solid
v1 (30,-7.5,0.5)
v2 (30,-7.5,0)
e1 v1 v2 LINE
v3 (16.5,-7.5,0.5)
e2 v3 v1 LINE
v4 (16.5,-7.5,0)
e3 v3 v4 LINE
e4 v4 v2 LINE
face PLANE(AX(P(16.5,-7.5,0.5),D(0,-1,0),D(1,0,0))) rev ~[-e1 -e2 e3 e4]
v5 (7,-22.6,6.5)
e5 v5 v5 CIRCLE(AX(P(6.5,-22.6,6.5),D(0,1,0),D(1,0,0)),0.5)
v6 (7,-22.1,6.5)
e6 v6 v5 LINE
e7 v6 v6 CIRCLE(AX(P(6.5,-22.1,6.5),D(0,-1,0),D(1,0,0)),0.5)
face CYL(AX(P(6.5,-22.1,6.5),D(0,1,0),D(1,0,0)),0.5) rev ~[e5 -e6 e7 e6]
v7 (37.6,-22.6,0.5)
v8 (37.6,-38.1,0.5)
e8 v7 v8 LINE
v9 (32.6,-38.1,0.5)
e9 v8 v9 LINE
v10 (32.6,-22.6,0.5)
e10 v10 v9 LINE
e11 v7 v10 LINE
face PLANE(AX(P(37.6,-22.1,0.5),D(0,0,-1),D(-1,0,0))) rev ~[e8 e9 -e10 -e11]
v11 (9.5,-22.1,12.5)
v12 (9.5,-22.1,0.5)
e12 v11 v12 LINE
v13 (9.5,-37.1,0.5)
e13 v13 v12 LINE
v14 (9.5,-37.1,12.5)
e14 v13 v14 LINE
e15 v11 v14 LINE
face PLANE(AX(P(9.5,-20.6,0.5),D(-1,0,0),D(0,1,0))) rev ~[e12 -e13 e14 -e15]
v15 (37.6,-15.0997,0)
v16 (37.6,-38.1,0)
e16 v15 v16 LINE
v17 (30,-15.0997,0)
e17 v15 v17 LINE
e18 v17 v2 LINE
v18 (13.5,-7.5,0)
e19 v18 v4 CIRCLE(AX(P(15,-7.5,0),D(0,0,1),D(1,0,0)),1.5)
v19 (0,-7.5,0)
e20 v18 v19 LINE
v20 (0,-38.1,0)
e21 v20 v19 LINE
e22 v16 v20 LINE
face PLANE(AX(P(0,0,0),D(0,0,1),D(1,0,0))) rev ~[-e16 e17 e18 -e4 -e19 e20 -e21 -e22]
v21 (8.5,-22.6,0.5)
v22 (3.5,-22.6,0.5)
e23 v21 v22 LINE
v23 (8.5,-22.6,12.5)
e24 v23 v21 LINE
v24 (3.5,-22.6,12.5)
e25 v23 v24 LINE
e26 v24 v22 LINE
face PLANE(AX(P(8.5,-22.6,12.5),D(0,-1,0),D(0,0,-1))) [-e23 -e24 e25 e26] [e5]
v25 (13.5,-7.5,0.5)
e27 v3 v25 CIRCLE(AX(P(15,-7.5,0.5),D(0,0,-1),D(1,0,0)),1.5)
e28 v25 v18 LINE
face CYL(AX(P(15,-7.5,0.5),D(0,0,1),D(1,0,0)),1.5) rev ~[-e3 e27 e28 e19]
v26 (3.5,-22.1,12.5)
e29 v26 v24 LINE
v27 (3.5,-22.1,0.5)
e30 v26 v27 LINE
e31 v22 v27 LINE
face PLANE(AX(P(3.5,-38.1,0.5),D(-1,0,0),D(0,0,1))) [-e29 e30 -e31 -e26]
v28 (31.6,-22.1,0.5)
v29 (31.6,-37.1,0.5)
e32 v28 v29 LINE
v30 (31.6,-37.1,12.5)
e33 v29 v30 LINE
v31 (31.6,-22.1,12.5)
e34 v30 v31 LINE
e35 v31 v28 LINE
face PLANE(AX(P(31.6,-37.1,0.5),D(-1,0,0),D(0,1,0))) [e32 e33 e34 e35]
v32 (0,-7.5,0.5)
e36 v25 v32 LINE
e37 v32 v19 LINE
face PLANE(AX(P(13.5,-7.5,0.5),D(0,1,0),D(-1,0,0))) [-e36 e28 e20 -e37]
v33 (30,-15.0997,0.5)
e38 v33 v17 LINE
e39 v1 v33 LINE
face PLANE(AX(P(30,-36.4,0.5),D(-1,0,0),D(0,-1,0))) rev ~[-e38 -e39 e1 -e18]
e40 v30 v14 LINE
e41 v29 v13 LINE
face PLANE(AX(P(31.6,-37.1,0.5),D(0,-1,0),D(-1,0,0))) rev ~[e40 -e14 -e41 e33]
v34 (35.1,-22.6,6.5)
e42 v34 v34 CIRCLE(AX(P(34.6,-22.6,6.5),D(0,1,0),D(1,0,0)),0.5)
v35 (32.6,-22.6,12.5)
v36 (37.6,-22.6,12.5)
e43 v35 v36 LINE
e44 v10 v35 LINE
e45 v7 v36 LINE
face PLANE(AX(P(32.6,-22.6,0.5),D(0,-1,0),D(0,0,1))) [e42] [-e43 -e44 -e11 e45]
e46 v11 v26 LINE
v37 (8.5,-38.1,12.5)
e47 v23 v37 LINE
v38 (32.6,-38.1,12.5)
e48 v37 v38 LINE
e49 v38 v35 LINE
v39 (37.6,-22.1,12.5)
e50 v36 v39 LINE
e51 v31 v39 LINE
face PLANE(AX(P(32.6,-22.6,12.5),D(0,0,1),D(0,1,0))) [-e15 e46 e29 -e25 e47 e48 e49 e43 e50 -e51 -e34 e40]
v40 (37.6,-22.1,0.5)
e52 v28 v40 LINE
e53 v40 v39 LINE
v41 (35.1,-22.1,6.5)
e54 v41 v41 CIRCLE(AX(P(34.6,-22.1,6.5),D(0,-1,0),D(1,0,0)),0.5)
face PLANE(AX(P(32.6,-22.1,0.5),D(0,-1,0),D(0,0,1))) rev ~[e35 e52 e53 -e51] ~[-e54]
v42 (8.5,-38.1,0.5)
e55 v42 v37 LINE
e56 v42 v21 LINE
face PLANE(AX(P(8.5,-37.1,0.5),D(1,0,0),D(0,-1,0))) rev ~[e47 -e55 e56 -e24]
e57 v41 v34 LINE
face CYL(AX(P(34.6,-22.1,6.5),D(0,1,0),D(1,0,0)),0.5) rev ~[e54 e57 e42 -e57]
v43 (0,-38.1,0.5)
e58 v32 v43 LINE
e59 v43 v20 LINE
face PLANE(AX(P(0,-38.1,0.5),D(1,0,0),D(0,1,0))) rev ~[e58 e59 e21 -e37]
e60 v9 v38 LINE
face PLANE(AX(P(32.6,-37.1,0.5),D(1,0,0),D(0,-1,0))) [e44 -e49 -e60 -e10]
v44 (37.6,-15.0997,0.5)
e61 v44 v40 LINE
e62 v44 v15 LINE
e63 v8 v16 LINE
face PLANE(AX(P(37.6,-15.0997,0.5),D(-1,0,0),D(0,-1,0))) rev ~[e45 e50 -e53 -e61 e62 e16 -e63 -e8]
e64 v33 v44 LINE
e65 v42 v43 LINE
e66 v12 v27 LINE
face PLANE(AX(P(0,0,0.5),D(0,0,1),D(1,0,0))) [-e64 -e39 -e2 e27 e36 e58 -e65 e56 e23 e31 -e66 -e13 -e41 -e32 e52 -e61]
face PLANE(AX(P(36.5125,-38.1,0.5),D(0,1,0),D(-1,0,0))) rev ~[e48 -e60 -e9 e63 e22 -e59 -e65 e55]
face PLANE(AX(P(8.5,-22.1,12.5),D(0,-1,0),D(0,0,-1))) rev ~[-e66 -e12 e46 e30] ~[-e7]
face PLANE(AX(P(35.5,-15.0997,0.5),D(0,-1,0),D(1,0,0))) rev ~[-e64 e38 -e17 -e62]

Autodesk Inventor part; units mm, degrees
ref_plane "YZ Plane" through (0, 0, 0) normal (1, 0, 0) x (0, 1, 0)
ref_plane "XZ Plane" through (0, 0, 0) normal (0, 1, 0) x (-1, 0, 0)
ref_plane "XY Plane" through (0, 0, 0) normal (0, 0, 1) x (1, 0, 0)
sketch "Esboço1" plane through (0, 0, 0) normal (0, 0, 1) x (1, 0, 0)
  line L0 (0, 0) -> (30, 0)
  line L1 (30, 0) -> (30, -36.4)
  line L2 (30, -36.4) -> (0, -36.4)
  line L3 (0, -36.4) -> (0, 0)
  dimension "d0" = 30
  dimension "d1" = 36.4
extrude "Extrusão1" add sketch "Esboço1" along normal blind 0.5
sketch "Esboço2" plane through (0, 0, 0.5) normal (0, 0, 1) x (1, 0, 0)
  line L0 (30, 0) -> (0, 0) projected
  line L1 (0, 0) -> (15, 0)
  line L2 (15, 0) -> (15, -7.5)
  circle A0 centre (15, -7.5) radius 1.5
  dimension "d4" = 7.5
  dimension "d5" = 3
extrude "Extrusão2" cut sketch "Esboço2" against normal blind 0.5
sketch "Esboço4" plane through (0, 0, 0.5) normal (0, 0, 1) x (1, 0, 0)
  line L0 (0, -36.4) -> (30, -36.4) projected
  line L1 (0, -36.4) -> (30, -36.4)
  line L2 (30, -36.4) -> (30, -37.1)
  line L3 (30, -37.1) -> (0, -37.1)
  line L4 (0, -37.1) -> (0, -36.4)
  point P0 (0, 0)
  dimension "d10" = 0.7
extrude "Extrusão3" add sketch "Esboço4" against normal blind 0.5
sketch "Esboço5" plane through (0, 0, 0.5) normal (0, 0, 1) x (1, 0, 0)
  line L0 (0, 0) -> (0, -37.1) projected
  line L1 (0, -37.1) -> (4, -37.1)
  line L2 (30, -37.1) -> (0, -37.1) projected
  line L3 (30, -37.1) -> (30, 0) projected
  line L4 (30, -37.1) -> (26, -37.1)
  line L5 (30, -37.1) -> (35.5, -37.1)
  line L6 (35.5, -37.1) -> (35.5, -17.1)
  line L7 (35.5, -17.1) -> (30, -17.1)
  dimension "d13" = 4
  dimension "d14" = 4
  dimension "d15" = 5.5
  dimension "d16" = 20
extrude "Extrusão4" add sketch "Esboço5" against normal blind 0.5
sketch "Esboço6" plane through (0, 0, 0.5) normal (0, 0, 1) x (1, 0, 0)
  line L0 (35.5, -37.1) -> (0, -37.1) projected
  line L1 (0, -37.1) -> (9.5, -37.1)
  line L2 (35.5, -37.1) -> (31.6, -37.1)
  line L3 (35.5, -37.1) -> (36.5, -37.1)
  line L4 (36.5, -37.1) -> (36.5, -11.1125)
  line L5 (36.5, -11.1125) -> (35.5, -11.1125)
  line L6 (35.5, -11.1125) -> (35.5, -37.1)
  line L7 (30, -17.1) -> (30, 0) projected
  line L8 (30, -17.1) -> (30, -15.0997)
  line L9 (30, -15.0997) -> (36.5, -15.0997)
  line L10 (30, -17.1) -> (35.5, -17.1) projected
  line L11 (30, -17.1) -> (35.5, -17.1)
  line L12 (30, -15.0997) -> (36.5, -15.0997)
  point P0 (0, 0)
  dimension "d19" = 9.5
  dimension "d20" = 3.9
  dimension "d21" = 1
extrude "Extrusão5" add sketch "Esboço6" against normal blind 0.5 contours L6 L9 L4 L3 | L10 L7 L9 L6
sketch "Esboço7" plane through (0, 0, 0.5) normal (0, 0, 1) x (1, 0, 0)
  line L0 (36.5, -37.1) -> (0, -37.1) projected
  line L1 (0, -37.1) -> (9.5, -37.1)
  line L2 (36.5, -37.1) -> (31.6, -37.1)
  line L3 (31.6, -37.1) -> (31.6, -20.6)
  line L4 (9.5, -37.1) -> (9.5, -20.6)
  line L5 (8.5, -20.6) -> (8.5, -37.1)
  line L6 (32.6, -20.6) -> (32.6, -37.1)
  line L7 (31.6, -20.6) -> (31.6, -20.1)
  line L8 (31.6, -20.1) -> (32.6, -20.1)
  line L9 (32.6, -20.1) -> (32.6, -20.6375)
  line L10 (9.5, -20.6) -> (9.5, -20.1)
  line L11 (9.5, -20.1) -> (8.5, -20.1)
  line L12 (8.5, -20.1) -> (8.5, -20.8548)
  line L13 (8.5, -37.1) -> (32.6, -37.1)
  line L14 (32.6, -37.1) -> (32.6, -36.6)
  line L15 (8.5, -37.1) -> (8.5, -36.6)
  point P0 (0, 0)
  dimension "d24" = 9.5
  dimension "d25" = 4.9
  dimension "d26" = 16.5
  dimension "d27" = 1
  dimension "d28" = 1
  dimension "d29" = 0.5
  dimension "d30" = 0.5
  dimension "d31" = 0.5
extrude "Extrusão6" add sketch "Esboço7" along normal blind 12
sketch "Esboço8" plane through (0, 0, 0.5) normal (0, 0, 1) x (1, 0, 0)
  line L0 (0, 0) -> (0, -37.1) projected
  line L1 (0, -37.1) -> (36.5125, -37.1)
  line L2 (36.5125, -37.1) -> (36.5125, -38.1)
  line L3 (36.5125, -38.1) -> (0, -38.1)
  line L4 (0, -38.1) -> (0, -37.1)
extrude "Extrusão7" add sketch "Esboço8" against normal blind 0.5
sketch "Esboço9" plane through (0, 0, 0.5) normal (0, 0, 1) x (1, 0, 0)
  line L0 (8.5, -37.1) -> (9.5, -37.1) projected
  line L1 (8.5, -37.1) -> (8.5, -38.1)
  line L2 (8.5, -38.1) -> (32.6, -38.1)
  line L3 (0, -38.1) -> (36.5125, -38.1) projected
  line L4 (31.6, -37.1) -> (32.6, -37.1) projected
  line L5 (32.6, -37.1) -> (32.6, -38.1)
  line L6 (32.6165, -37.1) -> (8.5, -37.1)
  point P0 (0, 0)
extrude "Extrusão8" add sketch "Esboço9" along normal blind 12
sketch "Esboço10" plane through (0, 0, 12.5) normal (0, 0, 1) x (1, 0, 0)
  line L0 (9.5, -20.1) -> (8.5, -20.1) projected
  line L1 (9.5, -37.1) -> (9.5, -20.1) projected
  line L2 (8.5, -20.1) -> (9.5, -20.1)
  line L3 (9.5, -20.1) -> (9.5, -22.1)
  line L4 (9.5, -22.1) -> (8.5, -22.1)
  line L5 (8.5, -22.1) -> (8.5, -20.1)
  line L6 (32.6, -20.1) -> (31.6, -20.1) projected
  line L7 (32.6, -38.1) -> (32.6, -20.1) projected
  line L8 (31.6, -20.1) -> (32.6, -20.1)
  line L9 (32.6, -20.1) -> (32.6, -22.1)
  line L10 (32.6, -22.1) -> (31.6, -22.1)
  line L11 (31.6, -22.1) -> (31.6, -20.1)
  point P0 (0, 0)
  dimension "d38" = 2
extrude "Extrusão9" cut sketch "Esboço10" against normal blind 12
sketch "Esboço11" plane through (8.5, -38.1, 0.5) normal (-1, 0, 0) x (0, 0, 1)
  line L0 (12, 16) -> (0, 16) projected
  line L1 (12, 16) -> (12, 0) projected
  line L2 (0, 16) -> (12, 16)
  line L3 (12, 16) -> (12, 15.5)
  line L4 (12, 15.5) -> (0, 15.5)
  line L5 (0, 15.5) -> (0, 16)
  point P0 (-0.5, 38.1)
  dimension "d41" = 0.5
extrude "Extrusão10" add sketch "Esboço11" along normal blind 5
sketch "Esboço12" plane through (32.6, -38.1, 12.5) normal (1, 0, 0) x (0, 0, -1)
  line L0 (12, 16) -> (0, 16) projected
  line L1 (12, 15.5) -> (0, 15.5) projected
  line L2 (0, 16) -> (12, 16)
  line L3 (12, 16) -> (12, 15.5)
  line L4 (12, 15.5) -> (0, 15.5)
  line L5 (0, 15.5) -> (0, 16)
  point P0 (12.5, 38.1)
extrude "Extrusão11" add sketch "Esboço12" along normal blind 5
sketch "Esboço13" plane through (0, 0, 0.5) normal (0, 0, 1) x (1, 0, 0)
  circle A0 centre (15, -7.5) radius 1.5 projected
  line L0 (15, -7.5) -> (30, -7.5)
  line L1 (30, -15.0997) -> (30, 0) projected
  line L2 (15, -7.5) -> (0, -7.5)
  line L3 (0, -38.1) -> (0, 0) projected
  line L4 (0, 0) -> (30, 0)
  line L5 (30, 0) -> (0, 0) projected
  line L6 (30, 0) -> (30, -7.5)
  line L7 (0, -7.5) -> (0, 0)
  point P0 (13.5, -7.5)
  point P1 (16.5, -7.5)
extrude "Extrusão12" cut sketch "Esboço13" against normal blind 5 contours A0 L2 L3 L4 L1 L0
sketch "Esboço14" plane through (31.6, -22.1, 12.5) normal (0, 1, 0) x (1, 0, 0)
  line L0 (-22.1, 0) -> (-28.1, 0) projected
  line L1 (-28.1, 0) -> (-25.1, 0)
  line L2 (-25.1, 0) -> (-25.1, 6)
  line L3 (-22.1, 12) -> (-28.1, 12) projected
  line L4 (6, 12) -> (6, 0) projected
  line L5 (6, 0) -> (3, 0)
  line L6 (6, 0) -> (0, 0) projected
  line L7 (3, 0) -> (3, 6)
  circle A0 centre (-25.1, 6) radius 0.5
  circle A1 centre (3, 6) radius 0.5
  point P0 (-31.6, 12.5)
  dimension "d48" = 6
  dimension "d49" = 1
  dimension "d50" = 1
extrude "Extrusão13" cut sketch "Esboço14" against normal blind 5
sketch "Esboço15" plane through (37.6, -22.1, 0.5) normal (0, 0, -1) x (-1, 0, 0)
  line L0 (7.6, 7.0003) -> (1.1, 7.0003) projected
  line L1 (1.1, 7.0003) -> (0, 7.0003)
  line L2 (0, 7.0003) -> (0, -16)
  line L3 (1.0875, -15) -> (1.0875, -16) projected
  line L4 (0, -16) -> (1.0875, -16)
  line L5 (1.1, 7.0003) -> (1.8775, 7.0003)
  line L6 (1.8775, 7.0003) -> (1.8775, -16)
  line L7 (1.0875, -16) -> (37.6, -16) projected
  line L8 (0, -16) -> (1.8775, -16)
  point P0 (37.6, 22.1)
extrude "Extrusão14" add sketch "Esboço15" along normal blind 0.5
properties part number "tampa"
